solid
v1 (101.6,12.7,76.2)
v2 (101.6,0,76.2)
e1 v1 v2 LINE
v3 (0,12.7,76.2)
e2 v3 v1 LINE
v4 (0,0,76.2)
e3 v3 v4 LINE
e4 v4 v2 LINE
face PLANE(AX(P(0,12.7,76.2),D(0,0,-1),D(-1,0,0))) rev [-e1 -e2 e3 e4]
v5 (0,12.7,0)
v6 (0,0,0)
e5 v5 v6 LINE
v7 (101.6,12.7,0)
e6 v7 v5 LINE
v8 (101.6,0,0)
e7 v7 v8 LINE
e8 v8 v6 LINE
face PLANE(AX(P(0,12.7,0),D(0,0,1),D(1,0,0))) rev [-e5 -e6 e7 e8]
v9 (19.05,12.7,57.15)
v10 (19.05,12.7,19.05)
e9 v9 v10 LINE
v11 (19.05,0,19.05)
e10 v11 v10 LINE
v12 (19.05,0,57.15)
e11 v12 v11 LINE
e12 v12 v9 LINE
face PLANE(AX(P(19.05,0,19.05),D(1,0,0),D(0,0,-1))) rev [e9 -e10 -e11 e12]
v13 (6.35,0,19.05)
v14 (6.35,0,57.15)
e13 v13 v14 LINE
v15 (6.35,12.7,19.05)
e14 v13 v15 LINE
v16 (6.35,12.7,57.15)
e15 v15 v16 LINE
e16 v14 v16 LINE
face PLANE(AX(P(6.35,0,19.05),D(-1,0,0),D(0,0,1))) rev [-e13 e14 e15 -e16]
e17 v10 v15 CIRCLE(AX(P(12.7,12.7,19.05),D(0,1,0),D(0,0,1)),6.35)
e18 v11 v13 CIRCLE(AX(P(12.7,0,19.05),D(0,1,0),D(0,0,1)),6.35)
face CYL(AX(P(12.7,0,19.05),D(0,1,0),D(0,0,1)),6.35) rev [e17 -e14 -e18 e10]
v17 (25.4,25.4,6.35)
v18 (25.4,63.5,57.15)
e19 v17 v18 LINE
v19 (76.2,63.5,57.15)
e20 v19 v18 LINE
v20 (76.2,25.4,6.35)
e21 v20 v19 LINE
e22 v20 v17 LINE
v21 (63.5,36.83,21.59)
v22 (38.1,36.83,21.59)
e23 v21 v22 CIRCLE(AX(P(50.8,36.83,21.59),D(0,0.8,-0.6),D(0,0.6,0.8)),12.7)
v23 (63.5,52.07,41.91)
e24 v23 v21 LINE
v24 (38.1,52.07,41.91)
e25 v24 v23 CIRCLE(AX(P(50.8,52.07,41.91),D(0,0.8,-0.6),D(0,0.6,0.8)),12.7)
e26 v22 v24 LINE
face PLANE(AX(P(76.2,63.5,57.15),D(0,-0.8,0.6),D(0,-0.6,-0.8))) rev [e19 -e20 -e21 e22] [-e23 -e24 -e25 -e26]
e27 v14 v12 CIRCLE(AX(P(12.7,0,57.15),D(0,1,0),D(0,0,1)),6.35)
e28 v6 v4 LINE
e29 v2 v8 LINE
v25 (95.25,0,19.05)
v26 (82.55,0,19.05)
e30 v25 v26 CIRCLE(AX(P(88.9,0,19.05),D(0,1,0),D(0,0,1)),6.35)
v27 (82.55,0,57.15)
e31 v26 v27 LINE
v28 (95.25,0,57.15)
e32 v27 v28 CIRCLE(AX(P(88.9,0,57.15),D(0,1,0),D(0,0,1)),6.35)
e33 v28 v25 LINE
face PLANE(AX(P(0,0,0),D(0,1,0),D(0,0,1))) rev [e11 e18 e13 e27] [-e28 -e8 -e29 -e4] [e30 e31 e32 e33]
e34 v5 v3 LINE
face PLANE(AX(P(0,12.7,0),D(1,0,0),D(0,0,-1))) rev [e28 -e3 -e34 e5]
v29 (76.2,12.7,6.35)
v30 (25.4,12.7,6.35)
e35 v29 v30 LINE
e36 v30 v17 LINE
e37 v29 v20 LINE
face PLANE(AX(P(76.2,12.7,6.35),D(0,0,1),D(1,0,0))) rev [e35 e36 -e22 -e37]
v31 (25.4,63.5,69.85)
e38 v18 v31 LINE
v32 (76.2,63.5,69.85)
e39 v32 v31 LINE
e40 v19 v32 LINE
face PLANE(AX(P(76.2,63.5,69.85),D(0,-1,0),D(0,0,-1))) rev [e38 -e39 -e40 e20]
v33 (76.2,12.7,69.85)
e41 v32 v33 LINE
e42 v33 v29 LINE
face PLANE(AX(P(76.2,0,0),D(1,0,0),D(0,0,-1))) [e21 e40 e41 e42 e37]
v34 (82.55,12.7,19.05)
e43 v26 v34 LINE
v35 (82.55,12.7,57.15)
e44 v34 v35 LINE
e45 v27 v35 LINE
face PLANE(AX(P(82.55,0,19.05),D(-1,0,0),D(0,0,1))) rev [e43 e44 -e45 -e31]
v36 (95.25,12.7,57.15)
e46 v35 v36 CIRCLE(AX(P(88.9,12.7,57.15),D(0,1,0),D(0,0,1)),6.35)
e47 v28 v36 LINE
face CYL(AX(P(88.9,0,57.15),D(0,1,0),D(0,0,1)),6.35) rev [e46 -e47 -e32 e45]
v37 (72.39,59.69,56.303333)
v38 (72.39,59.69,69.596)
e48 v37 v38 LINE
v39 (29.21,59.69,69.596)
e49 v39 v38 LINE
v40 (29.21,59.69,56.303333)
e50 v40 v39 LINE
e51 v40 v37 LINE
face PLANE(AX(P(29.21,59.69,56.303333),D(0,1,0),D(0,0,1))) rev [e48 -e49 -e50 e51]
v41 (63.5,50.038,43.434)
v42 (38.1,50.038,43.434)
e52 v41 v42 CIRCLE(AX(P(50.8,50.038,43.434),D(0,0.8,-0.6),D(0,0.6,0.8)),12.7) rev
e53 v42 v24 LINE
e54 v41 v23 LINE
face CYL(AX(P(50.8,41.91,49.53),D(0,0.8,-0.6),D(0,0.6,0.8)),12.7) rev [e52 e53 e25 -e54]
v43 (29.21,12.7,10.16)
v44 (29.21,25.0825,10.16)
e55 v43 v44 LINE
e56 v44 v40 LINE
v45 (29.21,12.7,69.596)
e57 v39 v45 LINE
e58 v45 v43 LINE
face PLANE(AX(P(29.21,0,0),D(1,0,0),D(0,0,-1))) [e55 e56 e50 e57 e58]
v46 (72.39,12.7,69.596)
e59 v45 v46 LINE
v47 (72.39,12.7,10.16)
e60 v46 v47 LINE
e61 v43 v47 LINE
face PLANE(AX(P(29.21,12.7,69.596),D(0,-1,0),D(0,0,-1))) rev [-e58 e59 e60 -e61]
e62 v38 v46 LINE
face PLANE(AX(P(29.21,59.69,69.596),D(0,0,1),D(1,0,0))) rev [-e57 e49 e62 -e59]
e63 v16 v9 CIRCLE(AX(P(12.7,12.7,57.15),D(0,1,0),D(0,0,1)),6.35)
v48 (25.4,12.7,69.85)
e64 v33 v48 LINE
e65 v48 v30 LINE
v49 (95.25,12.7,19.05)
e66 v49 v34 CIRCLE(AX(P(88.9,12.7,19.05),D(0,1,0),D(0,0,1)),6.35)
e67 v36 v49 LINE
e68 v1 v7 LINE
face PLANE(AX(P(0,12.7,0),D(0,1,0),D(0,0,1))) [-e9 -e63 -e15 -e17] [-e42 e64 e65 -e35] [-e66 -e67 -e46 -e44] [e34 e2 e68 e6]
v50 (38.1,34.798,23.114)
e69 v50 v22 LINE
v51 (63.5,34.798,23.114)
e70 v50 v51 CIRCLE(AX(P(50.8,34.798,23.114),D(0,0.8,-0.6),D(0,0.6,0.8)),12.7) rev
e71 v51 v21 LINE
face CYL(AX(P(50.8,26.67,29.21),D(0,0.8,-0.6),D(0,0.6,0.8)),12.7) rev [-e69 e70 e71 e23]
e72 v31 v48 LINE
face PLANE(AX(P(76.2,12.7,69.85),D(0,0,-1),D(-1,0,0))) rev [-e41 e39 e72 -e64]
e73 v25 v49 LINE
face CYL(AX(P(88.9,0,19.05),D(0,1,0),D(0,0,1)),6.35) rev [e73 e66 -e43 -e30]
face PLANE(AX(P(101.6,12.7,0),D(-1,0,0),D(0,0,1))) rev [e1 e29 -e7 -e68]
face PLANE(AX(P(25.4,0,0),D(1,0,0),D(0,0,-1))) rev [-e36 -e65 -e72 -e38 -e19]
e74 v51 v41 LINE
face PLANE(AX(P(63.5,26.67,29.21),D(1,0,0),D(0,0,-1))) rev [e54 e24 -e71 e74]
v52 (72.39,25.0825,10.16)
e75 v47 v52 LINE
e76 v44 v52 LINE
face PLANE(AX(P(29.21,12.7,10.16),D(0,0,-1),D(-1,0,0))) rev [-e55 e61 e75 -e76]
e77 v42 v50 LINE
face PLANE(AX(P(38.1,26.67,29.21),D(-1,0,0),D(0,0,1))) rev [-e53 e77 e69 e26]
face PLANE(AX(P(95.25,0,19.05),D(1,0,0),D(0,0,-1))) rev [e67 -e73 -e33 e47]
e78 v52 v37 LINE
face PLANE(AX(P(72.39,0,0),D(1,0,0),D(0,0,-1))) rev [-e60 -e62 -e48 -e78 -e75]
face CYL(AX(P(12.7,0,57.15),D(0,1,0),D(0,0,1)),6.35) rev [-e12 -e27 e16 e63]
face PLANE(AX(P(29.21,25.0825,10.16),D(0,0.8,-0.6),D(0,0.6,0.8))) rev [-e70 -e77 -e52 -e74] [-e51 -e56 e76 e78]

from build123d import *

# Parameters (mm, degrees)
SKETCH1_W           = 101.6
SKETCH1_H           = 76.2
BOSS_EXTRUDE1_DEPTH = 12.7
CUT_EXTRUDE1_DEPTH  = 12.7
BOSS_EXTRUDE2_DEPTH = 25.4
CUT_EXTRUDE3_DEPTH  = 12.7
CUT_EXTRUDE7_DEPTH  = 21.59


with BuildPart() as part:
    # Sketch1 → Boss-Extrude1 (new body)
    with BuildSketch(Plane(origin=(0, 0, 0), x_dir=(1, 0, 0), z_dir=(0, 1, 0))):
        with Locations((50.8, -38.1)):
            Rectangle(SKETCH1_W, SKETCH1_H)
    extrude(amount=BOSS_EXTRUDE1_DEPTH)

    # Sketch4 → Cut-Extrude1 (cut)
    with BuildSketch(Plane(origin=(0, 12.7, 0), x_dir=(1, 0, 0), z_dir=(0, 1, 0))):
        with BuildLine():
            Line((19.05, -19.05), (19.05, -57.15))
            ThreePointArc((19.05, -57.15), (12.7, -63.5), (6.35, -57.15))
            Line((6.35, -57.15), (6.35, -19.05))
            ThreePointArc((6.35, -19.05), (12.7, -12.7), (19.05, -19.05))
        make_face()
        with BuildLine():
            Line((95.25, -19.05), (95.25, -57.15))
            ThreePointArc((95.25, -57.15), (88.9, -63.5), (82.55, -57.15))
            Line((82.55, -57.15), (82.55, -19.05))
            ThreePointArc((82.55, -19.05), (88.9, -12.7), (95.25, -19.05))
        make_face()
    extrude(amount=-CUT_EXTRUDE1_DEPTH, mode=Mode.SUBTRACT)

    # Sketch5 → Boss-Extrude2 (add, symmetric)
    with BuildSketch(Plane(origin=(50.8, 0, 0), x_dir=(0, 0, -1), z_dir=(1, 0, 0))):
        Polygon((-6.35, 12.7), (-6.35, 25.4), (-57.15, 63.5), (-69.85, 63.5), (-69.85, 12.7), align=None)
    extrude(amount=BOSS_EXTRUDE2_DEPTH, both=True)

    # Sketch10 → Cut-Extrude3 (cut)
    with BuildSketch(Plane(origin=(0, 13.208, -9.906), x_dir=(1, 0, 0), z_dir=(0, 0.8, -0.5999999999999999))):
        with BuildLine():
            Line((63.5, -39.37), (63.5, -64.77))
            ThreePointArc((63.5, -64.77), (50.8, -77.47), (38.1, -64.77))
            Line((38.1, -64.77), (38.1, -39.37))
            ThreePointArc((38.1, -39.37), (50.8, -26.67), (63.5, -39.37))
        make_face()
    extrude(amount=-CUT_EXTRUDE3_DEPTH, mode=Mode.SUBTRACT)

    # Sketch12 → Cut-Extrude7 (cut, symmetric)
    with BuildSketch(Plane(origin=(50.8, 0, 0), x_dir=(0, 0, -1), z_dir=(1, 0, 0))):
        Polygon((-10.16, 25.0825), (-56.303333333, 59.69), (-69.596, 59.69), (-69.596, 12.7), (-10.16, 12.7), align=None)
    extrude(amount=CUT_EXTRUDE7_DEPTH, both=True, mode=Mode.SUBTRACT)


solid = part.part
